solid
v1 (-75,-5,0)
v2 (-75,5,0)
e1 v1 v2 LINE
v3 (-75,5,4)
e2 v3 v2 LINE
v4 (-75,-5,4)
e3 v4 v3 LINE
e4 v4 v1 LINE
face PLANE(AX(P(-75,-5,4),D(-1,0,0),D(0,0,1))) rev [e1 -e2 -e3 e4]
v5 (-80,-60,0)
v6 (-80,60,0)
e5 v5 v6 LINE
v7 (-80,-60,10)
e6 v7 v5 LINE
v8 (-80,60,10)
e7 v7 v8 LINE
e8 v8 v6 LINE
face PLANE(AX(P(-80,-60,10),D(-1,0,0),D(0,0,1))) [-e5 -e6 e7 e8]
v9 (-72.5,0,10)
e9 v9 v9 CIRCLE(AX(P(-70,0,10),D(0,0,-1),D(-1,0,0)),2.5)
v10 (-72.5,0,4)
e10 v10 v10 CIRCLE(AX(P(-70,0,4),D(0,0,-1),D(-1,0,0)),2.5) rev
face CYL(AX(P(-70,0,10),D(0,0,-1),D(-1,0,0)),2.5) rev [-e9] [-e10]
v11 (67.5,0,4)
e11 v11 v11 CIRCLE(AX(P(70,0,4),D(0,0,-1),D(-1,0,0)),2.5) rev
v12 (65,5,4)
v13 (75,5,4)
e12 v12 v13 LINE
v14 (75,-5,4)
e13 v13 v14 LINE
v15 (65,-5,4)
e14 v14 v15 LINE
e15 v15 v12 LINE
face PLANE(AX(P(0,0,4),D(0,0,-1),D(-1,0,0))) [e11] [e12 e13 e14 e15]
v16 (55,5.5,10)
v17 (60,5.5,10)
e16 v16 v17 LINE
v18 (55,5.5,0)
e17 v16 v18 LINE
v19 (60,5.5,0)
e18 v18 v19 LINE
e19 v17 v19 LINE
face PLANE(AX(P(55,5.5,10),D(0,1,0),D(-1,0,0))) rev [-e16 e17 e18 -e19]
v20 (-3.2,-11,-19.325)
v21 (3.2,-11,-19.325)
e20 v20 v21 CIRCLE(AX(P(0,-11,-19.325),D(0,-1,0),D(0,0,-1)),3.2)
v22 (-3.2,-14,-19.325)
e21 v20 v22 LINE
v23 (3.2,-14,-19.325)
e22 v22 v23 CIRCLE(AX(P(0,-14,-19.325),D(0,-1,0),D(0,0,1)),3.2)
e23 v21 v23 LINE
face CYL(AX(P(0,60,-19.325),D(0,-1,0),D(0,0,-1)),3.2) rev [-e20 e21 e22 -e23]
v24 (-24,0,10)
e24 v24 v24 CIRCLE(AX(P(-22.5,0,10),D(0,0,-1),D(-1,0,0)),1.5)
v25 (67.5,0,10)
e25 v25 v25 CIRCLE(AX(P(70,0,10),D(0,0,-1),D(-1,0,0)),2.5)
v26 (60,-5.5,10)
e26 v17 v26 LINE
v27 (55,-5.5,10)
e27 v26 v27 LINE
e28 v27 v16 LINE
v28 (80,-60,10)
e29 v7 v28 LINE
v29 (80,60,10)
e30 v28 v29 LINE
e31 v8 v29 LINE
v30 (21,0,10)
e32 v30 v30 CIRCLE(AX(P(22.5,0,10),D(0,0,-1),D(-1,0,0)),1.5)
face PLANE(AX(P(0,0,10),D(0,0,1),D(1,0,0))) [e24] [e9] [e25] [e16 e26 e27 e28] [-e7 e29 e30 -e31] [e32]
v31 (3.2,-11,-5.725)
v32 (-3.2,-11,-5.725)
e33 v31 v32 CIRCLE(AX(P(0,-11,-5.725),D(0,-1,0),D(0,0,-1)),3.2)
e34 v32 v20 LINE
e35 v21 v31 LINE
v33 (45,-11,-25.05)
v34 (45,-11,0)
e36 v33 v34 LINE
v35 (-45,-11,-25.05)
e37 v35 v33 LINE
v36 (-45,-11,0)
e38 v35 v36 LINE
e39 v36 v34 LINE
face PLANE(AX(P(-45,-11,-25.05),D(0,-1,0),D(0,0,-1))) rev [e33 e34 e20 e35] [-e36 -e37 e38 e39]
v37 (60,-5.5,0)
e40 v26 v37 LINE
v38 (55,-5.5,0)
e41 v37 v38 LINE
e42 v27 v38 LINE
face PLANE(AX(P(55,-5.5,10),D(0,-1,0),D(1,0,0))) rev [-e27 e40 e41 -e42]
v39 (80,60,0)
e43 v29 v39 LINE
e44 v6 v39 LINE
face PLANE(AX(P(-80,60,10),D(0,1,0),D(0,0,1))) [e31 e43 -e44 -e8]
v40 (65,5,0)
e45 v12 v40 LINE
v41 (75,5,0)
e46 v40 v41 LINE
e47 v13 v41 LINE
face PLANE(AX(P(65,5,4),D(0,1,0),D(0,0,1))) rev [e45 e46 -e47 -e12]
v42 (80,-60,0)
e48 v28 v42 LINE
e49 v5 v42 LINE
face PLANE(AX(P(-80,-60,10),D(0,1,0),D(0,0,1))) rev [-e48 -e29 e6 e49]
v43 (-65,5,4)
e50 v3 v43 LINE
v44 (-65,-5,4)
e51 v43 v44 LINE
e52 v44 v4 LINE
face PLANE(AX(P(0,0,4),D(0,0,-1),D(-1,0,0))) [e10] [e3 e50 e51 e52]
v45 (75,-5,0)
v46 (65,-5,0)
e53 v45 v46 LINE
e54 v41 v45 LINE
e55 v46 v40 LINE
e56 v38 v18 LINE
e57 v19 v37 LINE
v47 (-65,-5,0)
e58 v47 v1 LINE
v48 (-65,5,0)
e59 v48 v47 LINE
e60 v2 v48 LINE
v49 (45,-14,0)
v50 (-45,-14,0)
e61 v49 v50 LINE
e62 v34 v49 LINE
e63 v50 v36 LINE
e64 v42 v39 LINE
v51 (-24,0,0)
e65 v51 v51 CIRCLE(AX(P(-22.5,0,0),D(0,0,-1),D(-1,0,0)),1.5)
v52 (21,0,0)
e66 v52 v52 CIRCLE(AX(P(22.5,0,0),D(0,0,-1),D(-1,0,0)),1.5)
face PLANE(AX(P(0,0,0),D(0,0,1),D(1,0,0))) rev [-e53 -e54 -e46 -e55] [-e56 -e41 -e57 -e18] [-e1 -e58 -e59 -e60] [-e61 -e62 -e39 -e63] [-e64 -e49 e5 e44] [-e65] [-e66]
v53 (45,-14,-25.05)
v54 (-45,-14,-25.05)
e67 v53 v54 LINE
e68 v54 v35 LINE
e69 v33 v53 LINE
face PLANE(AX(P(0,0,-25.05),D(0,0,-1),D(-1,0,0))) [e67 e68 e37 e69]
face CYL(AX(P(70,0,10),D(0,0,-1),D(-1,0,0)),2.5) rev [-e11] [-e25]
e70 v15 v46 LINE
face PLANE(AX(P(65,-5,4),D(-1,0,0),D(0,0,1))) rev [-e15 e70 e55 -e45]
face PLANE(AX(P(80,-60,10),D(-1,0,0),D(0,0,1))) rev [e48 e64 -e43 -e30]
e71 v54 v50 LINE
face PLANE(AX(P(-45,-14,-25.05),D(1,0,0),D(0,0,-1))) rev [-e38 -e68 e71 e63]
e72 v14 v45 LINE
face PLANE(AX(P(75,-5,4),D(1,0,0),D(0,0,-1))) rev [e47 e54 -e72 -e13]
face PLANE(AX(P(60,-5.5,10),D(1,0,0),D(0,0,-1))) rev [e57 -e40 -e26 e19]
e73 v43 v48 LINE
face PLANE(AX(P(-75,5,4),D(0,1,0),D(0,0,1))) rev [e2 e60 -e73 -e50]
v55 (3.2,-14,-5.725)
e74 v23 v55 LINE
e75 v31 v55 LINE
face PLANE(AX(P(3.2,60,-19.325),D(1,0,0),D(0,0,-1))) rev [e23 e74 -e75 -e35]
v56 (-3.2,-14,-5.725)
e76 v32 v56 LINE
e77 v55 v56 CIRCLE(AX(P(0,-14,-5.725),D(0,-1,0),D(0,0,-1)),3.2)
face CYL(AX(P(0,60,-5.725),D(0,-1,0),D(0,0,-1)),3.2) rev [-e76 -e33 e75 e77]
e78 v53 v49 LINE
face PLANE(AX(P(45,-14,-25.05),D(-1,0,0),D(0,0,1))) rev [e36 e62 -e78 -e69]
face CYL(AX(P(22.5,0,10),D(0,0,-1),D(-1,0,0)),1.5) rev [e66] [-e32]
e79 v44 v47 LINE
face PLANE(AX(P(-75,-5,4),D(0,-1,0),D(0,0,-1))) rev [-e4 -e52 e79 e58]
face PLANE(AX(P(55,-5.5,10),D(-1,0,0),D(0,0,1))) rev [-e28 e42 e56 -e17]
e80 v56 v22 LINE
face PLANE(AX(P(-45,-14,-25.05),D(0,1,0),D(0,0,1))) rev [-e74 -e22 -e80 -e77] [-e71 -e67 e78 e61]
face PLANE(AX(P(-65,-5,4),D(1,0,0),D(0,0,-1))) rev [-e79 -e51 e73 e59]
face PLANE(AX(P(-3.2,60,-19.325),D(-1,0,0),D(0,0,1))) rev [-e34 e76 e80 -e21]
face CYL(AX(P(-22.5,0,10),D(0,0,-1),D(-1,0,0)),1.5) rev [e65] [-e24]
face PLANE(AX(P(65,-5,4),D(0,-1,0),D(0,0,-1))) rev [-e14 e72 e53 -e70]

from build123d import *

# Parameters (mm, degrees)
SKETCH1_W           = 160
SKETCH1_H           = 120
BOSS_EXTRUDE1_DEPTH = 10
SKETCH2_R           = 1.5
SKETCH2_R_2         = 2.5
SKETCH2_W           = 5
SKETCH2_H           = 11
CUT_EXTRUDE2_DEPTH  = 101.498756211
SKETCH3_W           = 10
SKETCH3_H           = 10
CUT_EXTRUDE3_DEPTH  = 4
SKETCH4_W           = 90
SKETCH4_H           = 3
BOSS_EXTRUDE3_DEPTH = 25.05
CUT_EXTRUDE5_DEPTH  = 112.819061434


with BuildPart() as part:
    # Sketch1 → Boss-Extrude1 (new body)
    with BuildSketch(Plane.XY):
        Rectangle(SKETCH1_W, SKETCH1_H)
    extrude(amount=BOSS_EXTRUDE1_DEPTH)

    # Sketch2 → Cut-Extrude2 (cut, through all)
    with BuildSketch(Plane(origin=(0, 0, 0), x_dir=(-1, 0, 0), z_dir=(0, 0, -1))):
        with Locations((-22.5, 0)):
            Circle(SKETCH2_R)
        with Locations((22.5, 0)):
            Circle(SKETCH2_R)
        with Locations((70, 0)):
            Circle(SKETCH2_R_2)
        with Locations((-70, 0)):
            Circle(SKETCH2_R_2)
        with Locations((-57.5, 0)):
            Rectangle(SKETCH2_W, SKETCH2_H)
    extrude(amount=-CUT_EXTRUDE2_DEPTH, mode=Mode.SUBTRACT)

    # Sketch3 → Cut-Extrude3 (cut)
    with BuildSketch(Plane(origin=(0, 0, 0), x_dir=(-1, 0, 0), z_dir=(0, 0, -1))):
        with Locations((-70, 0)):
            Rectangle(SKETCH3_W, SKETCH3_H)
        with Locations((70, 0)):
            Rectangle(SKETCH3_W, SKETCH3_H)
    extrude(amount=-CUT_EXTRUDE3_DEPTH, mode=Mode.SUBTRACT)

    # Sketch4 → Boss-Extrude3 (add)
    with BuildSketch(Plane(origin=(0, 0, 0), x_dir=(-1, 0, 0), z_dir=(0, 0, -1))):
        with Locations((0, -12.5)):
            Rectangle(SKETCH4_W, SKETCH4_H)
    extrude(amount=BOSS_EXTRUDE3_DEPTH)

    # Sketch5 → Cut-Extrude5 (cut, through all)
    with BuildSketch(Plane.XZ.offset(14)):
        with BuildLine():
            Line((3.2, -19.325), (3.2, -5.725))
            ThreePointArc((3.2, -5.725), (0, -2.525), (-3.2, -5.725))
            Line((-3.2, -5.725), (-3.2, -19.325))
            ThreePointArc((-3.2, -19.325), (0, -22.525), (3.2, -19.325))
        make_face()
    extrude(amount=-CUT_EXTRUDE5_DEPTH, mode=Mode.SUBTRACT)


solid = part.part
